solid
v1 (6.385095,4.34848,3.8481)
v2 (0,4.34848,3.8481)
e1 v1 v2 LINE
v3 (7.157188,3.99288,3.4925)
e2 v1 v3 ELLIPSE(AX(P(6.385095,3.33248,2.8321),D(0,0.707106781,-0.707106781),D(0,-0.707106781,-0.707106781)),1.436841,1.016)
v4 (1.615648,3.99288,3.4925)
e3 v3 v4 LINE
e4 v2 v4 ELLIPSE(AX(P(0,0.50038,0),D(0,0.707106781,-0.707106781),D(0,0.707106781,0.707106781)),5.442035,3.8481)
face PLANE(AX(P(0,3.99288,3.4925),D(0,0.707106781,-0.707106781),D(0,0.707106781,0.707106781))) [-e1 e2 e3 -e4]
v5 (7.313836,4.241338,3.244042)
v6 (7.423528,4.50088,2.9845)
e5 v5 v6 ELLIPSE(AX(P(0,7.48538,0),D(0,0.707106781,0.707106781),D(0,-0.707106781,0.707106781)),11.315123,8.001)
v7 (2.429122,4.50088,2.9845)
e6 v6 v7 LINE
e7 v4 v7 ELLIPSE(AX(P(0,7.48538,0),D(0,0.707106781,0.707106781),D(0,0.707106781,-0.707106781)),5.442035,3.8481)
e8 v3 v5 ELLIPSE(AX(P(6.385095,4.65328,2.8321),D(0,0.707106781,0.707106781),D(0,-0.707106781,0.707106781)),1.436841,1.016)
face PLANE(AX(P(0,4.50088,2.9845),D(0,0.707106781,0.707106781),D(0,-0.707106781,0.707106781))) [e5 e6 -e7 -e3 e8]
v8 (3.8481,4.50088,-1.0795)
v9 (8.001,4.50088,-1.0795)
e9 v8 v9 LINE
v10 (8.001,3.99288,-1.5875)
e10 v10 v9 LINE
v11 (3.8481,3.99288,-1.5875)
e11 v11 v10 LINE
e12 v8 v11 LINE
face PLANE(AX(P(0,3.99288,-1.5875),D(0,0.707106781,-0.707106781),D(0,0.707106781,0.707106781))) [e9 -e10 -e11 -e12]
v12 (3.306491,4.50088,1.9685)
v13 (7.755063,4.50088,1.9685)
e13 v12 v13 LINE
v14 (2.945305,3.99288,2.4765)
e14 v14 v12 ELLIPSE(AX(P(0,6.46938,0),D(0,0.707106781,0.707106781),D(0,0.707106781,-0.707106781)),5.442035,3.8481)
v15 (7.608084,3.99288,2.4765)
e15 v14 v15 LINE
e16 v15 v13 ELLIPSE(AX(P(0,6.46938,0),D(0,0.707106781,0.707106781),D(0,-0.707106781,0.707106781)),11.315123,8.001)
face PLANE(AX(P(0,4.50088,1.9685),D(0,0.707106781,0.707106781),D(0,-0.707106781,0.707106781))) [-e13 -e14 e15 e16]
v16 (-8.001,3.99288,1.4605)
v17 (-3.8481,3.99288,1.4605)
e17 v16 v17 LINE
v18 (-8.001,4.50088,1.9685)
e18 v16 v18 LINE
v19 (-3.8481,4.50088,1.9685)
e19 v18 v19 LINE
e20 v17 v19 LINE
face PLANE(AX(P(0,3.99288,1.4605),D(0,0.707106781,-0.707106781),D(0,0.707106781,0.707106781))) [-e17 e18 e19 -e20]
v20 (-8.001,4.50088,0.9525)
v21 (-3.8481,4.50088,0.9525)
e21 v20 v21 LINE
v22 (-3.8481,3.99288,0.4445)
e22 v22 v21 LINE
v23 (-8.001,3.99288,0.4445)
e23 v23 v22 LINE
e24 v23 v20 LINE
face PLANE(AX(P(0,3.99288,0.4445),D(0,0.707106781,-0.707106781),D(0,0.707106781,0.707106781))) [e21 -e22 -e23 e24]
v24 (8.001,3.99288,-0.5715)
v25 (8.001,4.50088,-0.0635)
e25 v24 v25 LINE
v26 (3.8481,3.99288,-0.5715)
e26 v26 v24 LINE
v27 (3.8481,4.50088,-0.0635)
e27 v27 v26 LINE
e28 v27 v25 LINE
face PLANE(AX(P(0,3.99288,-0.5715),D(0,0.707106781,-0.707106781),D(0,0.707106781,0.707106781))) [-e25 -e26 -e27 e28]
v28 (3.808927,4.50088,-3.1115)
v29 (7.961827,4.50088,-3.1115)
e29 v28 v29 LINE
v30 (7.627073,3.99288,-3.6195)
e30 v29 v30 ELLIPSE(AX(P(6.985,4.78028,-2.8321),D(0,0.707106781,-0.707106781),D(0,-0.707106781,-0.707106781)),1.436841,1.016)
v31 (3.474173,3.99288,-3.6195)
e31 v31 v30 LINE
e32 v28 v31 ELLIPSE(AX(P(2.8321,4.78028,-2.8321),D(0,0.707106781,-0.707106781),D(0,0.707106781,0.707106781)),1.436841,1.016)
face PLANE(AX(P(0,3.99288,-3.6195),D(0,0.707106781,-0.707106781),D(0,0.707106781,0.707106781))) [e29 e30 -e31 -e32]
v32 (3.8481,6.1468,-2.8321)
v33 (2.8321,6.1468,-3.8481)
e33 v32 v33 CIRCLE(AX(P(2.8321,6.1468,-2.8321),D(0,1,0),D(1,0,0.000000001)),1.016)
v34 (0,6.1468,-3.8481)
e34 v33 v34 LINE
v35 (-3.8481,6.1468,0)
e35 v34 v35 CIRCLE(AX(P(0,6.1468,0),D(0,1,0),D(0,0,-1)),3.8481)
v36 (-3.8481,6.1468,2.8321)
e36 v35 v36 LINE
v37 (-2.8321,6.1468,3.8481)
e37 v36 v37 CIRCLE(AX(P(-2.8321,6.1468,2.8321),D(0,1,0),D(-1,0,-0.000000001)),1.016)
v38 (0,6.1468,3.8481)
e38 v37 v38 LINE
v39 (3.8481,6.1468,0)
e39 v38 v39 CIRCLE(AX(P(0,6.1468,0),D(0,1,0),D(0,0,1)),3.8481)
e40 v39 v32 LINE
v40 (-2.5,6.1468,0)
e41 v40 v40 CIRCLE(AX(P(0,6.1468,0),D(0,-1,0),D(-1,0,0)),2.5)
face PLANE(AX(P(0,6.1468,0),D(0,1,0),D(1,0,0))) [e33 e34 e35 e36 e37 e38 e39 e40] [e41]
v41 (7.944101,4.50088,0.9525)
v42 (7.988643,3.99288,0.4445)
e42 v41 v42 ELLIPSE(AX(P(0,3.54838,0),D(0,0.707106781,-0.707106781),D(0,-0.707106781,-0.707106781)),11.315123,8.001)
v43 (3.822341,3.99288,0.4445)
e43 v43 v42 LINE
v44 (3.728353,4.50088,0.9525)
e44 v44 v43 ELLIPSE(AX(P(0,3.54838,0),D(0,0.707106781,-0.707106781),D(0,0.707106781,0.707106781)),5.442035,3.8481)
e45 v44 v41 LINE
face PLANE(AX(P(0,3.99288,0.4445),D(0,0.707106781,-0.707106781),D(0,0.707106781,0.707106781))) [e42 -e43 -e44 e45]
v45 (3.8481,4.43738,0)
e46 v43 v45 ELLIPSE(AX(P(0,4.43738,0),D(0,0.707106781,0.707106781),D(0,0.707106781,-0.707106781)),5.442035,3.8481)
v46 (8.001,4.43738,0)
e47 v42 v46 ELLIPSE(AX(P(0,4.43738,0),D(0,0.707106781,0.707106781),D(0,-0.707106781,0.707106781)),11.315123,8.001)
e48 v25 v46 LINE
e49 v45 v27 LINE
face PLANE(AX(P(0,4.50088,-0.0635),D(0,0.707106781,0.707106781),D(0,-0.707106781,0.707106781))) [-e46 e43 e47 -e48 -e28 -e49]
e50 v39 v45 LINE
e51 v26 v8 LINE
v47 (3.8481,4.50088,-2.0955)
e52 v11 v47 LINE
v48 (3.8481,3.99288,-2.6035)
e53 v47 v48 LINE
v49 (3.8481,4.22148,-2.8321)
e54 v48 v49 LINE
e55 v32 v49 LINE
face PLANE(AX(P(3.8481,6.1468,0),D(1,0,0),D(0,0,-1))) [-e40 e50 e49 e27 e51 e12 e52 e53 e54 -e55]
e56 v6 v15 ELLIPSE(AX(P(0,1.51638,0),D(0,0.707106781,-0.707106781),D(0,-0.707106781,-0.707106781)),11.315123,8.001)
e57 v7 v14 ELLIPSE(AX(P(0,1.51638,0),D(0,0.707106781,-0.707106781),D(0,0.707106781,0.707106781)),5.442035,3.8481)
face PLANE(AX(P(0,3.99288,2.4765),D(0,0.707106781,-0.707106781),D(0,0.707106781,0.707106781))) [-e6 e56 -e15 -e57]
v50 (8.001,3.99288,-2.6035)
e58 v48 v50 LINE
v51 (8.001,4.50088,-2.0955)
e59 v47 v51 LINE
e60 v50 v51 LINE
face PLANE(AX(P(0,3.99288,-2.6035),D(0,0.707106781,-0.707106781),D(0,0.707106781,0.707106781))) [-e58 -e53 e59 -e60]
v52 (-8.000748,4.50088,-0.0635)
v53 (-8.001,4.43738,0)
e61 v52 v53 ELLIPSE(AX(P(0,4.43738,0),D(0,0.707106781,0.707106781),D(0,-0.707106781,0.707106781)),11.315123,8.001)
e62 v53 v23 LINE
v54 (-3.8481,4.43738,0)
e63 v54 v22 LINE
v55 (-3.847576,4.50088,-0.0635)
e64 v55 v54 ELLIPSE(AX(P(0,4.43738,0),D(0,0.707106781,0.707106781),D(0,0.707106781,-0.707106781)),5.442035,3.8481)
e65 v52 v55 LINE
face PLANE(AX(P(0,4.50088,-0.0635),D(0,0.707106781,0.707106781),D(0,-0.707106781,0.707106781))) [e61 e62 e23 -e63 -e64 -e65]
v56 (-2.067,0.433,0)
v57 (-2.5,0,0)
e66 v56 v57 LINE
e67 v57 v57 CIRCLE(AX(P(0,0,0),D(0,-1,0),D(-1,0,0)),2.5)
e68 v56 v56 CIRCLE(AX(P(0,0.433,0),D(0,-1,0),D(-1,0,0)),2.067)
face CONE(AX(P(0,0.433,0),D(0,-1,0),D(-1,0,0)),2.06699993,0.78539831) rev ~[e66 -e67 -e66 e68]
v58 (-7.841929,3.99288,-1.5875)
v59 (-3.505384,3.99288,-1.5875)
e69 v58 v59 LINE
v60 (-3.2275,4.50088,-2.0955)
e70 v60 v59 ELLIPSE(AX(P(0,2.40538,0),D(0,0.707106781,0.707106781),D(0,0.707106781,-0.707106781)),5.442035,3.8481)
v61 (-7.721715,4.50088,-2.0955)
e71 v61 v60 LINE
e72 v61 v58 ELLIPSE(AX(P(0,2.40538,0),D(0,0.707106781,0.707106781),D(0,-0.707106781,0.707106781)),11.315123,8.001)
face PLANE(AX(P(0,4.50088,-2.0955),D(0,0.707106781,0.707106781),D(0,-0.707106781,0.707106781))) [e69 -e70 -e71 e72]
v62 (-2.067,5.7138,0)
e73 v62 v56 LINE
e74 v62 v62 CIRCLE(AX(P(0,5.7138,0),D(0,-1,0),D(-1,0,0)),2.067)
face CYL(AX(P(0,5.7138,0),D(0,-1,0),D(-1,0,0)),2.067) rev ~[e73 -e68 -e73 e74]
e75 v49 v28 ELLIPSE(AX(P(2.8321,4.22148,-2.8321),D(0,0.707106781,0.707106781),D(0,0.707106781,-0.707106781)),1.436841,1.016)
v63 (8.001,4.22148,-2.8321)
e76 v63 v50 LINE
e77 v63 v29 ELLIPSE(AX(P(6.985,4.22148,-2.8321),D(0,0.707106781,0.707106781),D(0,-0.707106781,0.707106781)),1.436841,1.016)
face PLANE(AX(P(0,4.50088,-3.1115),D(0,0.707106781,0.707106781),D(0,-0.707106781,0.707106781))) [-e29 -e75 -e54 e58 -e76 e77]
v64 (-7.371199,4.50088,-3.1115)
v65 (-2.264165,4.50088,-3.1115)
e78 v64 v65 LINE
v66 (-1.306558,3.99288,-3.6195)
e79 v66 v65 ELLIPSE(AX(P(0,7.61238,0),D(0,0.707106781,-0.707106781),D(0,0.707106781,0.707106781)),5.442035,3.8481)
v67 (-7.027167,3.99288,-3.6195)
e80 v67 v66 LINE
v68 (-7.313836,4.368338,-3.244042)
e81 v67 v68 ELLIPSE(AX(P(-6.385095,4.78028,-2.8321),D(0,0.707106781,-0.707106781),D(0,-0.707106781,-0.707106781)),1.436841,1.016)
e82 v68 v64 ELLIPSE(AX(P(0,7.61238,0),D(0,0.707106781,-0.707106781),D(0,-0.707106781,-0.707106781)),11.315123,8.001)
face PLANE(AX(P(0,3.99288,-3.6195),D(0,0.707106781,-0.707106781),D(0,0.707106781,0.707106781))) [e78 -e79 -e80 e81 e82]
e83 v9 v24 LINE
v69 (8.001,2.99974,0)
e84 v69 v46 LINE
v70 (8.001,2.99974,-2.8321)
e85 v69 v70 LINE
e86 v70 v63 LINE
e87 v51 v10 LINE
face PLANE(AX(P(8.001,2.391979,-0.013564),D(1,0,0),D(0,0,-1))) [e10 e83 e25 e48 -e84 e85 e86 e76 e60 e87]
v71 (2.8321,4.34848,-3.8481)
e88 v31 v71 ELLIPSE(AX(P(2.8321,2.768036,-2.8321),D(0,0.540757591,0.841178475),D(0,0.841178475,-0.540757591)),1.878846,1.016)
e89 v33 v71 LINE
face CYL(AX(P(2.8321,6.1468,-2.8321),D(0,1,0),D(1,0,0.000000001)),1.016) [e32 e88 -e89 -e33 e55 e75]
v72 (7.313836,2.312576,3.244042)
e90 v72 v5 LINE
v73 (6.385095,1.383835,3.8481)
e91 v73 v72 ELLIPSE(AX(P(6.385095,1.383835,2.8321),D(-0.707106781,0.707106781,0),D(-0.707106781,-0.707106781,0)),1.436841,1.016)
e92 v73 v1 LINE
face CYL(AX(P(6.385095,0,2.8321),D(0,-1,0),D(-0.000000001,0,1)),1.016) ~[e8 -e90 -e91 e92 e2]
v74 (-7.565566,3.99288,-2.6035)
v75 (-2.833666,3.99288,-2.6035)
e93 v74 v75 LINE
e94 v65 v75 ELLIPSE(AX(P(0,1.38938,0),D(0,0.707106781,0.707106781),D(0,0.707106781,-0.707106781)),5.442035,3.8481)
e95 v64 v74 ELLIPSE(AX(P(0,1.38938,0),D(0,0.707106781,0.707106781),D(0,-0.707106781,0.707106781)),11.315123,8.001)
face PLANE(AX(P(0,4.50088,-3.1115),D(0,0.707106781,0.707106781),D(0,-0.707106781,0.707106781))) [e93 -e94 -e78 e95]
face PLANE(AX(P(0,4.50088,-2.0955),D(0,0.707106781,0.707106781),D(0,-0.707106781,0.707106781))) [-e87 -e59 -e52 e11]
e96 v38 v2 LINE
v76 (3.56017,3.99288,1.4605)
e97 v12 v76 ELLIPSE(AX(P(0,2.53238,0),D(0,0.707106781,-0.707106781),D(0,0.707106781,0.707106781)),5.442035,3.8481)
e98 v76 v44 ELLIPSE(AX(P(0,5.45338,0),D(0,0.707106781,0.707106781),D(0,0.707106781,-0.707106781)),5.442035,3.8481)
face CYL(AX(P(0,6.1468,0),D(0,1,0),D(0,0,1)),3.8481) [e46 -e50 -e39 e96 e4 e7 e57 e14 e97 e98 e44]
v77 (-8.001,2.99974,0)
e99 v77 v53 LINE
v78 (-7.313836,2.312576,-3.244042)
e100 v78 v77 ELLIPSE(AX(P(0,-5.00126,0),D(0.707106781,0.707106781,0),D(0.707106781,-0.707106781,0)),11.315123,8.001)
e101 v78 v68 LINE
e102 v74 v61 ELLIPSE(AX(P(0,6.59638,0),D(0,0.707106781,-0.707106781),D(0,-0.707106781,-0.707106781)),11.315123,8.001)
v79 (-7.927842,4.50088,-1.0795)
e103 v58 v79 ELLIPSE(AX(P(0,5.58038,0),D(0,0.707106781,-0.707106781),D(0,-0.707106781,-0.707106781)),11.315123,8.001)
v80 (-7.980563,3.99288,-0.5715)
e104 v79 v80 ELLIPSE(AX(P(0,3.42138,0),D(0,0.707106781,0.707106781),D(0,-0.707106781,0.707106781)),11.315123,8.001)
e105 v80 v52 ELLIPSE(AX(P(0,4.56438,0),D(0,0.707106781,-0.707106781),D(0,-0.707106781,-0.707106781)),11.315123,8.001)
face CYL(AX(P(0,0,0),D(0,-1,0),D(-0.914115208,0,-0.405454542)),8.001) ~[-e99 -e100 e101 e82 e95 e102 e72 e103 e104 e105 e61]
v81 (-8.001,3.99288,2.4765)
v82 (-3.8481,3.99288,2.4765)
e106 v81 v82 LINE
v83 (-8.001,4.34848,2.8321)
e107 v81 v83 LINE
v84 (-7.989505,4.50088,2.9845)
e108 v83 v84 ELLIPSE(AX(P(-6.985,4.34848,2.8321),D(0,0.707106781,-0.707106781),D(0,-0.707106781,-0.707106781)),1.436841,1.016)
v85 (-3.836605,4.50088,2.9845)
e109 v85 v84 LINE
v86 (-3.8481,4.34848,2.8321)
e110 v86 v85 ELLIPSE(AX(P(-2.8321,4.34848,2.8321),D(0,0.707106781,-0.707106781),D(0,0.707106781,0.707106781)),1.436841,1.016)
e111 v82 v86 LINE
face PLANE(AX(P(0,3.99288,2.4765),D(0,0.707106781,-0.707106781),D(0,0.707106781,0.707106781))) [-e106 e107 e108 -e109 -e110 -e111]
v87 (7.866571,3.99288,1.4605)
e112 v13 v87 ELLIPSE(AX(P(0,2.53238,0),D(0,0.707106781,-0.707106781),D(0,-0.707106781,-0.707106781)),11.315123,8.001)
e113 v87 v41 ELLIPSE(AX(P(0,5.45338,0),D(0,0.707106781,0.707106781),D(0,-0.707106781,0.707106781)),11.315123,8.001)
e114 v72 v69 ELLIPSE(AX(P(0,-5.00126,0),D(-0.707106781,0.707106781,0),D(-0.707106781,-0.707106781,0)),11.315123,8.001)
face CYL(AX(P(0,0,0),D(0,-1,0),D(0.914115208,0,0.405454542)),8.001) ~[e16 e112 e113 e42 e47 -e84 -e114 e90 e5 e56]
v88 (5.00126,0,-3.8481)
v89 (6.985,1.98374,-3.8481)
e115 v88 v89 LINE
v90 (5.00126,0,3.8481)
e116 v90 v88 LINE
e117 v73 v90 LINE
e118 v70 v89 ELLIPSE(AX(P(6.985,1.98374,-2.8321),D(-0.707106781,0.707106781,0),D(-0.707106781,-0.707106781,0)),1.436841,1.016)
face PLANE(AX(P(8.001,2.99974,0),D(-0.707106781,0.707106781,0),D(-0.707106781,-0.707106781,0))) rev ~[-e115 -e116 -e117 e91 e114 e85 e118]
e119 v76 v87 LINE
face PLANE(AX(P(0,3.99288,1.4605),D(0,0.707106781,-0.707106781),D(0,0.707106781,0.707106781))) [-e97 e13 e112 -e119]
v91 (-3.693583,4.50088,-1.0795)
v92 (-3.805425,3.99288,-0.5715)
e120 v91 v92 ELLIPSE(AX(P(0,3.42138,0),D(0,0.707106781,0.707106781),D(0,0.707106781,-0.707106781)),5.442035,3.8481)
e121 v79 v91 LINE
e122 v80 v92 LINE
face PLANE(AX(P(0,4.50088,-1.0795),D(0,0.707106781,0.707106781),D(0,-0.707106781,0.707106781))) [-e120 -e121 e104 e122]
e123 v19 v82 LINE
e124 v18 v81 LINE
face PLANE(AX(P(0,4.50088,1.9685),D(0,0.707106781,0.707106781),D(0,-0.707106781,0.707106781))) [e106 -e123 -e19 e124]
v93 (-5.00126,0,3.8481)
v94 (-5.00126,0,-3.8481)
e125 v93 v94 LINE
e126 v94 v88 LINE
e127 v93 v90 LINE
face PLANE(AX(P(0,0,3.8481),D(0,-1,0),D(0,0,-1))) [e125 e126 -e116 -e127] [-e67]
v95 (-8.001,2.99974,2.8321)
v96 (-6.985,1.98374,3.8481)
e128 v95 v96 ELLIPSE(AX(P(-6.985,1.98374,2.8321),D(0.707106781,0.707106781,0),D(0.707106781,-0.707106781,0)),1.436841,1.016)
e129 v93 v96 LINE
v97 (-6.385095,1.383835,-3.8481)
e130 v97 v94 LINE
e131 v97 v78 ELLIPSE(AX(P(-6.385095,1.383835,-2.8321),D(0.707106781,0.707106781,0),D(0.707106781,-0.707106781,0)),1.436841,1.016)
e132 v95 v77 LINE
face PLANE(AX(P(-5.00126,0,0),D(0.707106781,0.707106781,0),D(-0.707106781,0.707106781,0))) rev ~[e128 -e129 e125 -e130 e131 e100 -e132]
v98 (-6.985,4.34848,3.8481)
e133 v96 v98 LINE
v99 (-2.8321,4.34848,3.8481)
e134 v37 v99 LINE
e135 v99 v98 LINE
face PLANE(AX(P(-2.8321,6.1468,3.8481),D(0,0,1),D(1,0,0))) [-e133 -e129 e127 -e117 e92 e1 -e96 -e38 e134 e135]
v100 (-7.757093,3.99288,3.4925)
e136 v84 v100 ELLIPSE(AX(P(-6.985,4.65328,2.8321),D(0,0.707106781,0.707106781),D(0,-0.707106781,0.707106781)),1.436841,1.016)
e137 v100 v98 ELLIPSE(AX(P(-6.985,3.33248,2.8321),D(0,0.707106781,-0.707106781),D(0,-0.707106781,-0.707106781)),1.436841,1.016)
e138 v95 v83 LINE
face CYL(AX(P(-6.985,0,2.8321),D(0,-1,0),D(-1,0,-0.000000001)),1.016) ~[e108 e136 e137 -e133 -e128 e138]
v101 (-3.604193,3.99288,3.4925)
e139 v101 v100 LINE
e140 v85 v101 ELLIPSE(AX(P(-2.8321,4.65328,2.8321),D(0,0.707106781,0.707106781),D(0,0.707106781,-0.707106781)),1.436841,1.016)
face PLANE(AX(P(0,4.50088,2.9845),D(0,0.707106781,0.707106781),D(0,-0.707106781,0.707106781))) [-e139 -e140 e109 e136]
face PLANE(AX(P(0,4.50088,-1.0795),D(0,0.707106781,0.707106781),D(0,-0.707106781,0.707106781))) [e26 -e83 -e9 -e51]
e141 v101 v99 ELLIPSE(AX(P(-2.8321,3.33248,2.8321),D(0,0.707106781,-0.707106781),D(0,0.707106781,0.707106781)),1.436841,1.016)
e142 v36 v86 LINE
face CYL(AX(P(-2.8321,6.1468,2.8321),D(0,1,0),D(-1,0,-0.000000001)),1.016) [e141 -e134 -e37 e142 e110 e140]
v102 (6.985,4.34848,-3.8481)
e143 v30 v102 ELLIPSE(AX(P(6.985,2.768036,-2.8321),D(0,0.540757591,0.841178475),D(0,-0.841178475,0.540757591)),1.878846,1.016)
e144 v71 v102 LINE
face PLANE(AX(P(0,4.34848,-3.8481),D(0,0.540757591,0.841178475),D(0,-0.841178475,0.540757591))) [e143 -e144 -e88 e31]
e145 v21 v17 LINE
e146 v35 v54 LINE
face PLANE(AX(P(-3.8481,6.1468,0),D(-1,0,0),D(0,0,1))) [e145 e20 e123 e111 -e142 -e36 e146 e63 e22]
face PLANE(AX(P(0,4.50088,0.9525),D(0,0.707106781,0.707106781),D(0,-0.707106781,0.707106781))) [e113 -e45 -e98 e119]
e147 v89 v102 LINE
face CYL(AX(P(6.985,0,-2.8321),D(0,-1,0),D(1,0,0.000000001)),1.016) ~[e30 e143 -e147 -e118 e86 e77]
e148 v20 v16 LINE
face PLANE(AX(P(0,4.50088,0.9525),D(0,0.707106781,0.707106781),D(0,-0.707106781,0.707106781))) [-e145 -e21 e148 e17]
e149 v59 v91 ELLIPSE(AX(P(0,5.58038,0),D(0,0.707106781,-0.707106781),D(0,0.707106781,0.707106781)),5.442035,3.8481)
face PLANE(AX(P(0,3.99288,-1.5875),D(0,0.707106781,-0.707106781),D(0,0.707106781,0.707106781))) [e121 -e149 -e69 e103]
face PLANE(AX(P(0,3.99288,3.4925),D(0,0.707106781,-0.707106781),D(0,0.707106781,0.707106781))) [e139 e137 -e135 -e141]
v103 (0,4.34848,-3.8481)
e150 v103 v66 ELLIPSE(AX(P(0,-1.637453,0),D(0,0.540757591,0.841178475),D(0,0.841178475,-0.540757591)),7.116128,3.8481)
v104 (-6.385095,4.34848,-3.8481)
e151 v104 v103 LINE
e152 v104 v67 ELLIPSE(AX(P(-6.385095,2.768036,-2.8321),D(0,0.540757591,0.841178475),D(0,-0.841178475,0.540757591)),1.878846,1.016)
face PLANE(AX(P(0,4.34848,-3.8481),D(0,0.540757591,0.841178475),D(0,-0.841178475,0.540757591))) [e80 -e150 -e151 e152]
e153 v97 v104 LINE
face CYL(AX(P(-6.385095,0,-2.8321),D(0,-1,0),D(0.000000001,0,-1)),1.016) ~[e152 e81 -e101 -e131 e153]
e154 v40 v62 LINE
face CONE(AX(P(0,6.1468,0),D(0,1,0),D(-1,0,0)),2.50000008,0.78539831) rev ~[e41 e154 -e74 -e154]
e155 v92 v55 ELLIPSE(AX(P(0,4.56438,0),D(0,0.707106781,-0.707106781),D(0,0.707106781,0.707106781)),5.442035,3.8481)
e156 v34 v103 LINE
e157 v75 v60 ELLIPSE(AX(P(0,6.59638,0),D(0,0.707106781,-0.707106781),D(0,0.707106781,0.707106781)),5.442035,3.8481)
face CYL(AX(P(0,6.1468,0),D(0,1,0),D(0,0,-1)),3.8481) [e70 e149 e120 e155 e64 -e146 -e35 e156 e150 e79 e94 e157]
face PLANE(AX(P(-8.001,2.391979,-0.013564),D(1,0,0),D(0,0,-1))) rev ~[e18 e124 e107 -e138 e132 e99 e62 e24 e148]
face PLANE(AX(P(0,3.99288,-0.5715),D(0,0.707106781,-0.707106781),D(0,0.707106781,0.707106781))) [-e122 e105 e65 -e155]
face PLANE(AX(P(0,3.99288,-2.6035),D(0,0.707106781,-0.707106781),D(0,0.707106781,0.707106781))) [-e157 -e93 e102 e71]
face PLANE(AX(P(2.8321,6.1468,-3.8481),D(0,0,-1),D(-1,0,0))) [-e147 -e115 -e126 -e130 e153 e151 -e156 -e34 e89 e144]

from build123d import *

# Parameters (mm, degrees)
BOSS_EXTRUDE1_DEPTH = 8.001
CUT_EXTRUDE1_DEPTH  = 7.6962
CUT_EXTRUDE2_DEPTH  = 7.6962
SKETCH8_W           = 32.004
SKETCH8_H           = 15.3924
CUT_EXTRUDE3_DEPTH  = 7.6962
BOSS_EXTRUDE2_DEPTH = 3.0734


with BuildPart() as part:
    # Sketch1 → Boss-Extrude1 (new body, symmetric)
    with BuildSketch(Plane(origin=(0, 0, 0), x_dir=(0, 0, -1), z_dir=(1, 0, 0))):
        Polygon((-3.8481, 4.34848), (-3.8481, 0), (3.8481, 0), (3.8481, 4.34848), (3.6195, 3.99288), (3.1115, 4.50088), (2.6035, 3.99288), (2.0955, 4.50088), (1.5875, 3.99288), (1.0795, 4.50088), (0.5715, 3.99288), (0.0635, 4.50088), (-0.4445, 3.99288), (-0.9525, 4.50088), (-1.4605, 3.99288), (-1.9685, 4.50088), (-2.4765, 3.99288), (-2.9845, 4.50088), (-3.4925, 3.99288), align=None)
    extrude(amount=BOSS_EXTRUDE1_DEPTH, both=True)

    # Sketch2 → Cut-Extrude1 (cut, symmetric)
    with BuildSketch(Plane.XY):
        Polygon((-10.541, 2.99974), (-10.541, -2.99974), (0, -2.99974), (0, 0), (-5.00126, 0), (-8.001, 2.99974), align=None)
    extrude(amount=CUT_EXTRUDE1_DEPTH, both=True, mode=Mode.SUBTRACT)

    # Sketch5 → Cut-Extrude2 (cut, symmetric)
    with BuildSketch(Plane.XY):
        Polygon((0, 0), (0, -2.99974), (10.541, -2.99974), (10.541, 2.99974), (8.001, 2.99974), (5.00126, 0), align=None)
    extrude(amount=CUT_EXTRUDE2_DEPTH, both=True, mode=Mode.SUBTRACT)

    # Sketch8 → Cut-Extrude3 (cut)
    with BuildSketch(Plane(origin=(0, 0, 0), x_dir=(1, 0, 0), z_dir=(0, 1, 0))):
        Rectangle(SKETCH8_W, SKETCH8_H)
        with BuildLine():
            Line((-6.985, -3.8481), (6.385094721, -3.8481))
            ThreePointArc((6.385094721, -3.8481), (6.939045596, -3.683800903), (7.313835784, -3.244041788))
            ThreePointArc((7.313835784, -3.244041788), (7.827323972, -1.658010991), (8.001, 0))
            Line((8.001, 0), (8.001, 2.8321))
            ThreePointArc((8.001, 2.8321), (7.70342049, 3.55052049), (6.985, 3.8481))
            Line((6.985, 3.8481), (-6.385094721, 3.8481))
            ThreePointArc((-6.385094721, 3.8481), (-6.939045596, 3.683800903), (-7.313835784, 3.244041788))
            ThreePointArc((-7.313835784, 3.244041788), (-7.827323972, 1.658010991), (-8.001, 0))
            Line((-8.001, 0), (-8.001, -2.8321))
            ThreePointArc((-8.001, -2.8321), (-7.70342049, -3.55052049), (-6.985, -3.8481))
        make_face(mode=Mode.SUBTRACT)
    extrude(amount=CUT_EXTRUDE3_DEPTH, mode=Mode.SUBTRACT)

    # Sketch9 → Boss-Extrude2 (add)
    with BuildSketch(Plane(origin=(0, 6.1468, 0), x_dir=(1, 0, 0), z_dir=(0, 1, 0))):
        with BuildLine():
            Line((-2.8321, -3.8481), (0, -3.8481))
            ThreePointArc((0, -3.8481), (2.721017605, -2.721017605), (3.8481, 0))
            Line((3.8481, 0), (3.8481, 2.8321))
            ThreePointArc((3.8481, 2.8321), (3.55052049, 3.55052049), (2.8321, 3.8481))
            Line((2.8321, 3.8481), (0, 3.8481))
            ThreePointArc((0, 3.8481), (-2.721017605, 2.721017605), (-3.8481, 0))
            Line((-3.8481, 0), (-3.8481, -2.8321))
            ThreePointArc((-3.8481, -2.8321), (-3.55052049, -3.55052049), (-2.8321, -3.8481))
        make_face()
    extrude(amount=-BOSS_EXTRUDE2_DEPTH)

    # Sketch10 → Cut-Revolve1 (revolve, cut)
    with BuildSketch(Plane(origin=(0, 6.1468, 0), x_dir=(-1, 0, 0), z_dir=(0, 0, 1))):
        Polygon((2.50000008, 6.1468), (0, 6.1468), (0, 0), (2.50000008, 0), (2.06699993, 0.433000023), (2.06699993, 5.713799977), align=None)
    revolve(axis=Axis((0, 6.45414, 0), (0, -1, 0)), mode=Mode.SUBTRACT)


solid = part.part
